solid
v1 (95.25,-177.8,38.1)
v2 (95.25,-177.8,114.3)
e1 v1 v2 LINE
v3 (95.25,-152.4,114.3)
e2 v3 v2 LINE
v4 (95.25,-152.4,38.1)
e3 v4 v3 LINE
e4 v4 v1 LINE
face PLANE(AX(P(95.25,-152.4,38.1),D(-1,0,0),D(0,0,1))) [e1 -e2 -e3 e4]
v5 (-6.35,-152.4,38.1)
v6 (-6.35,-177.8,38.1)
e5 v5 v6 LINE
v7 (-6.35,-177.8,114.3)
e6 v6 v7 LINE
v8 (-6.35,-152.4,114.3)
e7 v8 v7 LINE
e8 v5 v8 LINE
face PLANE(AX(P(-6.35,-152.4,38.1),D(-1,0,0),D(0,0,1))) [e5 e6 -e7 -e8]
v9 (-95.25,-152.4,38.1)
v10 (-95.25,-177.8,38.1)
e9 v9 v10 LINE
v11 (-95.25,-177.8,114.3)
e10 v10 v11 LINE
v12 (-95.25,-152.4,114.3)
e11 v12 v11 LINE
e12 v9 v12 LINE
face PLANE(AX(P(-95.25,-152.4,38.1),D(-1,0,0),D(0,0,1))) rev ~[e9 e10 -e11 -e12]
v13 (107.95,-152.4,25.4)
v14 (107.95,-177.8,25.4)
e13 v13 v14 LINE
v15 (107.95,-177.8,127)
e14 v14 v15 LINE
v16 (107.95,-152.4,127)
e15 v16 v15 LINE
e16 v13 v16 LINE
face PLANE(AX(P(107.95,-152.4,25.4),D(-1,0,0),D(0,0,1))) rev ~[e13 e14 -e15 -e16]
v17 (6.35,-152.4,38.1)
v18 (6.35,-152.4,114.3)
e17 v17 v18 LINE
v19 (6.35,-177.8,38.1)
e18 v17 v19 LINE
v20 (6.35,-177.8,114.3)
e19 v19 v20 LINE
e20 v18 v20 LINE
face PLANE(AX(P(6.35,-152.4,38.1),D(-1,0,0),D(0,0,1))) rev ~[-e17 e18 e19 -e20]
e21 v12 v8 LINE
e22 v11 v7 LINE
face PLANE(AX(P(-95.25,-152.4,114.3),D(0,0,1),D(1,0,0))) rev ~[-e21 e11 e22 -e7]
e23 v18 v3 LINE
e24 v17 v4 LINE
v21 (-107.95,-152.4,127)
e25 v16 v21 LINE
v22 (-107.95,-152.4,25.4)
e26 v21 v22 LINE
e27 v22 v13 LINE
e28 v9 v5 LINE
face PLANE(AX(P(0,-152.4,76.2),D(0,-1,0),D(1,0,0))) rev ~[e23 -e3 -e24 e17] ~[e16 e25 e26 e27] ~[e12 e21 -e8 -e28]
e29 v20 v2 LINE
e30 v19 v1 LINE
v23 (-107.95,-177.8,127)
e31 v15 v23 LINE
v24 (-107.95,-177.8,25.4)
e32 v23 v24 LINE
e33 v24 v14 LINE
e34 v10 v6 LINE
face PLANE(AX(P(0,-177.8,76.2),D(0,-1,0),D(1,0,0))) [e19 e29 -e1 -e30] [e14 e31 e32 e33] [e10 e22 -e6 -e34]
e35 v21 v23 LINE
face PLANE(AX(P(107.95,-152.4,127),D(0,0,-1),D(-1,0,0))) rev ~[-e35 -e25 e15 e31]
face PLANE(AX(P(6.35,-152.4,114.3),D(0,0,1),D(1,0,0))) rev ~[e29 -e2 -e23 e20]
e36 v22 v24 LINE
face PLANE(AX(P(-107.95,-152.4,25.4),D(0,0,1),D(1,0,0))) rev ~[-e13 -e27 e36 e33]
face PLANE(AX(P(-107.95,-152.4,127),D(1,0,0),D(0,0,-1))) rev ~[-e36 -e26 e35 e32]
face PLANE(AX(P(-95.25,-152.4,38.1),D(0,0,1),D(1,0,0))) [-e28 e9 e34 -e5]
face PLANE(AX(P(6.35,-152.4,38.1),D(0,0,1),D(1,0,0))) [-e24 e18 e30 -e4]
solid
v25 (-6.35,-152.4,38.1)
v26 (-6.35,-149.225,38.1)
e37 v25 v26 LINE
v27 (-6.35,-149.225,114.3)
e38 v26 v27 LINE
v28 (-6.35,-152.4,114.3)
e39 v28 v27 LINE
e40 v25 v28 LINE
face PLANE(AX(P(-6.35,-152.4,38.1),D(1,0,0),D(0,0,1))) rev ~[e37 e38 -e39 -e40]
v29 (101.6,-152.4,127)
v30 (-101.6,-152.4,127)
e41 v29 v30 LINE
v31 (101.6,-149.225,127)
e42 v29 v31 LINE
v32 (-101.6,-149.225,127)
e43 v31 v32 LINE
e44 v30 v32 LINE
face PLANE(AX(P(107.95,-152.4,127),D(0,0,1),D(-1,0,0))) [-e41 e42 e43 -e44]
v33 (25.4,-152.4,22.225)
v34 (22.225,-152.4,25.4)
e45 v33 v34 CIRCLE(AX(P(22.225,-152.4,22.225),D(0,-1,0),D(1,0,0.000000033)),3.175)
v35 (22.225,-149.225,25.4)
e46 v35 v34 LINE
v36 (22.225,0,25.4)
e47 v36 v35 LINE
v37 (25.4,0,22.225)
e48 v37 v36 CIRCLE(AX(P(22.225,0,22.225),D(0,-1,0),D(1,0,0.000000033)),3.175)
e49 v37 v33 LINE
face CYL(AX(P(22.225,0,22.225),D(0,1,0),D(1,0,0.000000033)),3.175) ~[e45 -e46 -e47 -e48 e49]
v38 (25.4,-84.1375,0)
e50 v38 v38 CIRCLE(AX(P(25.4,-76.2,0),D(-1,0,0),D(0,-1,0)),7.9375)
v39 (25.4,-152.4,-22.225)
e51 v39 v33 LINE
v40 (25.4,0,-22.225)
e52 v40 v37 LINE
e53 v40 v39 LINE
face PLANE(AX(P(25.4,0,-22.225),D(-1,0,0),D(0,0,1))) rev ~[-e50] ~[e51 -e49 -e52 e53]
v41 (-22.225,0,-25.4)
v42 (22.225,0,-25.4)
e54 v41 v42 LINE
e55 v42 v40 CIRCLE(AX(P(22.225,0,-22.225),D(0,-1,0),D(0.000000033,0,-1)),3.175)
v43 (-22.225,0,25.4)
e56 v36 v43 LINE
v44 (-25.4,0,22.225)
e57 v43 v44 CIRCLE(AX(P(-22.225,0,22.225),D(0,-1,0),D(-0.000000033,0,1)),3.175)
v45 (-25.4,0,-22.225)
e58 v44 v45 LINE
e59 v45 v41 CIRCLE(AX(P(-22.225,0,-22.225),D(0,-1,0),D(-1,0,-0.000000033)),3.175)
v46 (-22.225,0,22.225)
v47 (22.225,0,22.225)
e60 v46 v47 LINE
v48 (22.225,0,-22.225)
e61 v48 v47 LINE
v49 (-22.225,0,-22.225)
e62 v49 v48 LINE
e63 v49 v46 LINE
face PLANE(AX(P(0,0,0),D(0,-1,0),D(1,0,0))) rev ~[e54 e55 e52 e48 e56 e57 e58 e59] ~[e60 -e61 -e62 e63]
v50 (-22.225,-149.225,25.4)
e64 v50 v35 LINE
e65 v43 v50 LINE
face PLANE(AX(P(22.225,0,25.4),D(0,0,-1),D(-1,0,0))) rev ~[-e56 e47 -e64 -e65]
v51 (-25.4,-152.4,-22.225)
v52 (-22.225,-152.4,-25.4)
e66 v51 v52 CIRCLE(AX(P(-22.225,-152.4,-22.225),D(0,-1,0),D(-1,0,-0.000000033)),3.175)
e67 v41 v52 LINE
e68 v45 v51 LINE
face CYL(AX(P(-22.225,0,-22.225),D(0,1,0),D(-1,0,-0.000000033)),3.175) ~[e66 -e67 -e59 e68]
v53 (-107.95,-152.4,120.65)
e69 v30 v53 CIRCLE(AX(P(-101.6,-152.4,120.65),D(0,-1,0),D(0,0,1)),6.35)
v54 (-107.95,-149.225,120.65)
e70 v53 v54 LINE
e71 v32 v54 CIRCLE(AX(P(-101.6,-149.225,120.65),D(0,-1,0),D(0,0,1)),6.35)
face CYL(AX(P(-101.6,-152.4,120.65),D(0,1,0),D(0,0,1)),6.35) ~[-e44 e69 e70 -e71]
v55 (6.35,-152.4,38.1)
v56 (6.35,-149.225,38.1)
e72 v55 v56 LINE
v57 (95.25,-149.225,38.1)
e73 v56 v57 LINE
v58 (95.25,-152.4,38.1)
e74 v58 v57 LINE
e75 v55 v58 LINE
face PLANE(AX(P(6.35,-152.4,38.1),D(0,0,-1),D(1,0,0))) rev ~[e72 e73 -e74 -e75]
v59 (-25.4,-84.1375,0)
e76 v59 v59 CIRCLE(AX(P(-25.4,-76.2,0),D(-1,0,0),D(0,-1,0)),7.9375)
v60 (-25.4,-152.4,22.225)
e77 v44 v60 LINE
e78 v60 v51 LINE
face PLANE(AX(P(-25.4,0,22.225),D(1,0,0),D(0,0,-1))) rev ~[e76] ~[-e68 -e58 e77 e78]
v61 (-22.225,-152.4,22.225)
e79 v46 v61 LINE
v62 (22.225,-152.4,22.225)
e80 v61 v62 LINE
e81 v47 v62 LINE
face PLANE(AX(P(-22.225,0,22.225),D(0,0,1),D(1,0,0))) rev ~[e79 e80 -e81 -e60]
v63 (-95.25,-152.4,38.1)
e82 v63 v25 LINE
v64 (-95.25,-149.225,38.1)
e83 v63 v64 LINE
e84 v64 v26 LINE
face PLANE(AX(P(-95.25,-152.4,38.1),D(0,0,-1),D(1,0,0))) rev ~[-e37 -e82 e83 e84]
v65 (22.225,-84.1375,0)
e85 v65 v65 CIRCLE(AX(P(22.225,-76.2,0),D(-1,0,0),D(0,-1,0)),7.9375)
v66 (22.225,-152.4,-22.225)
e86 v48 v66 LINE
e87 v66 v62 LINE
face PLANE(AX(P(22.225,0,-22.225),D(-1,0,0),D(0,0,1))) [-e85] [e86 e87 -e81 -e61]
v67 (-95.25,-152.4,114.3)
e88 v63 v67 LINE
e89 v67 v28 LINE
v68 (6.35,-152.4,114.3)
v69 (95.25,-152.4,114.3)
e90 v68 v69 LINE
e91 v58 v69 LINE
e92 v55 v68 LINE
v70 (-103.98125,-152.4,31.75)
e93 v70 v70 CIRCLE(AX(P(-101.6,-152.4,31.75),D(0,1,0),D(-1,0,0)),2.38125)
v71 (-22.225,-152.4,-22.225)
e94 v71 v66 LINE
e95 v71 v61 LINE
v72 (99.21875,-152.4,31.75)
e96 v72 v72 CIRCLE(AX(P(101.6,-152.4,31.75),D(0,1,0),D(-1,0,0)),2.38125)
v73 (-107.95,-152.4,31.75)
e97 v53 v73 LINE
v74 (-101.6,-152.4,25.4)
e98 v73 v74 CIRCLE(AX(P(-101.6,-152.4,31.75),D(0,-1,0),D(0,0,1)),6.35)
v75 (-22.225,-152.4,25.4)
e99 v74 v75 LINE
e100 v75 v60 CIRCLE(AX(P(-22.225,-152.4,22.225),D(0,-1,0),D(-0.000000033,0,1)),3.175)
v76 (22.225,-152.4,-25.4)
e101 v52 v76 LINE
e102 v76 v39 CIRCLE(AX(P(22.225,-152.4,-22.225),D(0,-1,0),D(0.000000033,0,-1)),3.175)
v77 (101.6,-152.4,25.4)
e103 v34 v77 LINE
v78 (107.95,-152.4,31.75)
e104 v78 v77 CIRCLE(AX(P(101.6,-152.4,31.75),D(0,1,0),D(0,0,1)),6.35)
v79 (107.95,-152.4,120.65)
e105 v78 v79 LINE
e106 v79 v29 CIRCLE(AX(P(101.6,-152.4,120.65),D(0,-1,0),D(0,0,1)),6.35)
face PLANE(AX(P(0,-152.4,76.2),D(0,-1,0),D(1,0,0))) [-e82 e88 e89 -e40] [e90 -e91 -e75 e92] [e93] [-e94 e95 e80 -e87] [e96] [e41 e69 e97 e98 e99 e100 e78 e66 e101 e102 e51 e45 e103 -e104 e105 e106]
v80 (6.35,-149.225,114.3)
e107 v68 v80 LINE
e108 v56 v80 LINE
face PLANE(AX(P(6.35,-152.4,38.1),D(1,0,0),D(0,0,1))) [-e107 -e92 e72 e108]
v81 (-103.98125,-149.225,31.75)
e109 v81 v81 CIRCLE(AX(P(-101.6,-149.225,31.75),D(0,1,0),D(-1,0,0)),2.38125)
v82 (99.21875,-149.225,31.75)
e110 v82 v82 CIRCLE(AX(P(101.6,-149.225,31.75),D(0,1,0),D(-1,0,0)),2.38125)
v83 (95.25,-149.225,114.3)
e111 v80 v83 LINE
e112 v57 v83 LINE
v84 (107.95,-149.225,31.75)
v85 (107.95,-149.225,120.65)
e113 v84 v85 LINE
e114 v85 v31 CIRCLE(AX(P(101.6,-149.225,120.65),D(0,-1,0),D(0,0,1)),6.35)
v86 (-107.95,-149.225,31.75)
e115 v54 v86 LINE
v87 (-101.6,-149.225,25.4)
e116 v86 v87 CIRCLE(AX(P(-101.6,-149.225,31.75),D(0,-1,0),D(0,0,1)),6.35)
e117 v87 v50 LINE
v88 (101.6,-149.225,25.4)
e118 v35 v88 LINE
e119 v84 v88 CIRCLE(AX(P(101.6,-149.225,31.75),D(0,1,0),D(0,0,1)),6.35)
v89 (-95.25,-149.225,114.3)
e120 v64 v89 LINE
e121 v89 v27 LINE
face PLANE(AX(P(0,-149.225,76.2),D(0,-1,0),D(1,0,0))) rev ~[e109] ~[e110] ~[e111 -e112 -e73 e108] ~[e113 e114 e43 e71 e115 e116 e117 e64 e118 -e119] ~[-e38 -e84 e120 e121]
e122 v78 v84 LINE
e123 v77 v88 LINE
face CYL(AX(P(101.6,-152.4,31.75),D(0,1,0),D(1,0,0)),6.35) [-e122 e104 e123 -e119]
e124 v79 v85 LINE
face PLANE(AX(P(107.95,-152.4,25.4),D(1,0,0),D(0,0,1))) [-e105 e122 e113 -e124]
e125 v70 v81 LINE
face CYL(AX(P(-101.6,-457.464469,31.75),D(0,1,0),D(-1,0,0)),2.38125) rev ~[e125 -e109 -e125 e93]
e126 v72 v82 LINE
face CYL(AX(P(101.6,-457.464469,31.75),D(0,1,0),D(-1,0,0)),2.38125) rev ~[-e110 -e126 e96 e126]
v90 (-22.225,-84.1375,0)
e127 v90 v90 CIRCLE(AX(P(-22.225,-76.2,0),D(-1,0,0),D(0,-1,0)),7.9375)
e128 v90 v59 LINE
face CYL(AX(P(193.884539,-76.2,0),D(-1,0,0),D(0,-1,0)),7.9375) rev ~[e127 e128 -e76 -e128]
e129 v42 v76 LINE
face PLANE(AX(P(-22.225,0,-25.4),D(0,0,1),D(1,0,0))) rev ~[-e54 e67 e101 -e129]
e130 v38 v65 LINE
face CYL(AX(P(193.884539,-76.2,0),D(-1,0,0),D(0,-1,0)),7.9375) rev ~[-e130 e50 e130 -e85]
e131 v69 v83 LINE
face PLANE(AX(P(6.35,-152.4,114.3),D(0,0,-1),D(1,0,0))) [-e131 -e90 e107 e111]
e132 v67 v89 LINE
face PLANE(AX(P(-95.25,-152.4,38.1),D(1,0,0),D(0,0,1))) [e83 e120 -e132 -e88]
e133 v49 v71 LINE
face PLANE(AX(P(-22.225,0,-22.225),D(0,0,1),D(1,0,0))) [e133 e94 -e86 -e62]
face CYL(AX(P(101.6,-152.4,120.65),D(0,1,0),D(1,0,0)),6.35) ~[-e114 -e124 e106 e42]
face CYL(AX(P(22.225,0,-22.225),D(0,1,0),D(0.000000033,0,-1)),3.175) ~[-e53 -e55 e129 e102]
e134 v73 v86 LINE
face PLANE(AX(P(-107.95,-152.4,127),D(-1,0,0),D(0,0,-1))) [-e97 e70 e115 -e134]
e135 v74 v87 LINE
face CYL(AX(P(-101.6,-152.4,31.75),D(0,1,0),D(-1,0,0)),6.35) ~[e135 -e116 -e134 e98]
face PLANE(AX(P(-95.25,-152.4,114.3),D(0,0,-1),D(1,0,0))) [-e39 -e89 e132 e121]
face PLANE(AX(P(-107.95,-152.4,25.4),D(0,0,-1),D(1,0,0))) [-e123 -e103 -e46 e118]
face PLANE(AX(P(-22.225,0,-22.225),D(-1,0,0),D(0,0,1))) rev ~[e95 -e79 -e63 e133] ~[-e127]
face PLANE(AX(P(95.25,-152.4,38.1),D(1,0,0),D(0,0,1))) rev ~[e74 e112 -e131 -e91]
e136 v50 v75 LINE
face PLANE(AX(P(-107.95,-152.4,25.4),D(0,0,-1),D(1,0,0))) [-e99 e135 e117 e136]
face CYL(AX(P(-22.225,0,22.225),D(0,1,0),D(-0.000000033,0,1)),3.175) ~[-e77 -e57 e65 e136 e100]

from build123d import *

# Parameters (mm, degrees)
F0_W     = 44.45
F0_H     = 44.45
F1_DEPTH = 152.4
F3_D     = 15.875
F4_W     = 88.9
F4_H     = 76.2
F5_DEPTH = 3.175
F6_D     = 4.7625
F7_R     = 6.35
F8_DEPTH = 25.4


with BuildPart() as f1:
    # F0 (on Front) → F1 (new body)
    with BuildSketch(Plane.XZ):
        with BuildLine():
            ThreePointArc((25.4, 22.225), (24.470064, 24.470064), (22.225, 25.4))
            Line((22.225, 25.4), (-22.225, 25.4))
            ThreePointArc((-22.225, 25.4), (-24.470064, 24.470064), (-25.4, 22.225))
            Line((-25.4, 22.225), (-25.4, -22.225))
            ThreePointArc((-25.4, -22.225), (-24.470064, -24.470064), (-22.225, -25.4))
            Line((-22.225, -25.4), (22.225, -25.4))
            ThreePointArc((22.225, -25.4), (24.470064, -24.470064), (25.4, -22.225))
            Line((25.4, -22.225), (25.4, 22.225))
        make_face()
        Rectangle(F0_W, F0_H, mode=Mode.SUBTRACT)
    extrude(amount=F1_DEPTH)

    # F3 (through all)
    with Locations(Plane.YZ.offset(25.4)):
        with Locations((-76.2, 0)):
            Hole(F3_D / 2)

    # F4 (on face) → F5 (join)
    with BuildSketch(Plane.XZ.offset(152.4)):
        Polygon((-22.225, 25.4), (0, 25.4), (22.225, 25.4), (107.95, 25.4), (107.95, 127), (-107.95, 127), (-107.95, 25.4), align=None)
        with Locations((-50.8, 76.2)):
            Rectangle(F4_W, F4_H, mode=Mode.SUBTRACT)
        with Locations((50.8, 76.2)):
            Rectangle(F4_W, F4_H, mode=Mode.SUBTRACT)
    extrude(amount=-F5_DEPTH)

    # F6 (through all)
    with Locations(Plane.XZ.offset(152.4)):
        with Locations((-101.6, 31.75), (101.6, 31.75)):
            Hole(F6_D / 2)

    # F7
    f7_edges = [f1.edges().sort_by_distance(p)[0] for p in [
        (107.95, -150.8125, 25.4),
        (107.95, -150.8125, 127),
        (-107.95, -150.8125, 127),
        (-107.95, -150.8125, 25.4),
    ]]
    fillet(f7_edges, radius=F7_R)


with BuildPart() as f8:
    # F4 (on face) → F8 (new body)
    with BuildSketch(Plane.XZ.offset(152.4)):
        Polygon((-22.225, 25.4), (0, 25.4), (22.225, 25.4), (107.95, 25.4), (107.95, 127), (-107.95, 127), (-107.95, 25.4), align=None)
        with Locations((-50.8, 76.2)):
            Rectangle(F4_W, F4_H, mode=Mode.SUBTRACT)
        with Locations((50.8, 76.2)):
            Rectangle(F4_W, F4_H, mode=Mode.SUBTRACT)
    extrude(amount=F8_DEPTH)


solid = Compound([f1.part, f8.part])
